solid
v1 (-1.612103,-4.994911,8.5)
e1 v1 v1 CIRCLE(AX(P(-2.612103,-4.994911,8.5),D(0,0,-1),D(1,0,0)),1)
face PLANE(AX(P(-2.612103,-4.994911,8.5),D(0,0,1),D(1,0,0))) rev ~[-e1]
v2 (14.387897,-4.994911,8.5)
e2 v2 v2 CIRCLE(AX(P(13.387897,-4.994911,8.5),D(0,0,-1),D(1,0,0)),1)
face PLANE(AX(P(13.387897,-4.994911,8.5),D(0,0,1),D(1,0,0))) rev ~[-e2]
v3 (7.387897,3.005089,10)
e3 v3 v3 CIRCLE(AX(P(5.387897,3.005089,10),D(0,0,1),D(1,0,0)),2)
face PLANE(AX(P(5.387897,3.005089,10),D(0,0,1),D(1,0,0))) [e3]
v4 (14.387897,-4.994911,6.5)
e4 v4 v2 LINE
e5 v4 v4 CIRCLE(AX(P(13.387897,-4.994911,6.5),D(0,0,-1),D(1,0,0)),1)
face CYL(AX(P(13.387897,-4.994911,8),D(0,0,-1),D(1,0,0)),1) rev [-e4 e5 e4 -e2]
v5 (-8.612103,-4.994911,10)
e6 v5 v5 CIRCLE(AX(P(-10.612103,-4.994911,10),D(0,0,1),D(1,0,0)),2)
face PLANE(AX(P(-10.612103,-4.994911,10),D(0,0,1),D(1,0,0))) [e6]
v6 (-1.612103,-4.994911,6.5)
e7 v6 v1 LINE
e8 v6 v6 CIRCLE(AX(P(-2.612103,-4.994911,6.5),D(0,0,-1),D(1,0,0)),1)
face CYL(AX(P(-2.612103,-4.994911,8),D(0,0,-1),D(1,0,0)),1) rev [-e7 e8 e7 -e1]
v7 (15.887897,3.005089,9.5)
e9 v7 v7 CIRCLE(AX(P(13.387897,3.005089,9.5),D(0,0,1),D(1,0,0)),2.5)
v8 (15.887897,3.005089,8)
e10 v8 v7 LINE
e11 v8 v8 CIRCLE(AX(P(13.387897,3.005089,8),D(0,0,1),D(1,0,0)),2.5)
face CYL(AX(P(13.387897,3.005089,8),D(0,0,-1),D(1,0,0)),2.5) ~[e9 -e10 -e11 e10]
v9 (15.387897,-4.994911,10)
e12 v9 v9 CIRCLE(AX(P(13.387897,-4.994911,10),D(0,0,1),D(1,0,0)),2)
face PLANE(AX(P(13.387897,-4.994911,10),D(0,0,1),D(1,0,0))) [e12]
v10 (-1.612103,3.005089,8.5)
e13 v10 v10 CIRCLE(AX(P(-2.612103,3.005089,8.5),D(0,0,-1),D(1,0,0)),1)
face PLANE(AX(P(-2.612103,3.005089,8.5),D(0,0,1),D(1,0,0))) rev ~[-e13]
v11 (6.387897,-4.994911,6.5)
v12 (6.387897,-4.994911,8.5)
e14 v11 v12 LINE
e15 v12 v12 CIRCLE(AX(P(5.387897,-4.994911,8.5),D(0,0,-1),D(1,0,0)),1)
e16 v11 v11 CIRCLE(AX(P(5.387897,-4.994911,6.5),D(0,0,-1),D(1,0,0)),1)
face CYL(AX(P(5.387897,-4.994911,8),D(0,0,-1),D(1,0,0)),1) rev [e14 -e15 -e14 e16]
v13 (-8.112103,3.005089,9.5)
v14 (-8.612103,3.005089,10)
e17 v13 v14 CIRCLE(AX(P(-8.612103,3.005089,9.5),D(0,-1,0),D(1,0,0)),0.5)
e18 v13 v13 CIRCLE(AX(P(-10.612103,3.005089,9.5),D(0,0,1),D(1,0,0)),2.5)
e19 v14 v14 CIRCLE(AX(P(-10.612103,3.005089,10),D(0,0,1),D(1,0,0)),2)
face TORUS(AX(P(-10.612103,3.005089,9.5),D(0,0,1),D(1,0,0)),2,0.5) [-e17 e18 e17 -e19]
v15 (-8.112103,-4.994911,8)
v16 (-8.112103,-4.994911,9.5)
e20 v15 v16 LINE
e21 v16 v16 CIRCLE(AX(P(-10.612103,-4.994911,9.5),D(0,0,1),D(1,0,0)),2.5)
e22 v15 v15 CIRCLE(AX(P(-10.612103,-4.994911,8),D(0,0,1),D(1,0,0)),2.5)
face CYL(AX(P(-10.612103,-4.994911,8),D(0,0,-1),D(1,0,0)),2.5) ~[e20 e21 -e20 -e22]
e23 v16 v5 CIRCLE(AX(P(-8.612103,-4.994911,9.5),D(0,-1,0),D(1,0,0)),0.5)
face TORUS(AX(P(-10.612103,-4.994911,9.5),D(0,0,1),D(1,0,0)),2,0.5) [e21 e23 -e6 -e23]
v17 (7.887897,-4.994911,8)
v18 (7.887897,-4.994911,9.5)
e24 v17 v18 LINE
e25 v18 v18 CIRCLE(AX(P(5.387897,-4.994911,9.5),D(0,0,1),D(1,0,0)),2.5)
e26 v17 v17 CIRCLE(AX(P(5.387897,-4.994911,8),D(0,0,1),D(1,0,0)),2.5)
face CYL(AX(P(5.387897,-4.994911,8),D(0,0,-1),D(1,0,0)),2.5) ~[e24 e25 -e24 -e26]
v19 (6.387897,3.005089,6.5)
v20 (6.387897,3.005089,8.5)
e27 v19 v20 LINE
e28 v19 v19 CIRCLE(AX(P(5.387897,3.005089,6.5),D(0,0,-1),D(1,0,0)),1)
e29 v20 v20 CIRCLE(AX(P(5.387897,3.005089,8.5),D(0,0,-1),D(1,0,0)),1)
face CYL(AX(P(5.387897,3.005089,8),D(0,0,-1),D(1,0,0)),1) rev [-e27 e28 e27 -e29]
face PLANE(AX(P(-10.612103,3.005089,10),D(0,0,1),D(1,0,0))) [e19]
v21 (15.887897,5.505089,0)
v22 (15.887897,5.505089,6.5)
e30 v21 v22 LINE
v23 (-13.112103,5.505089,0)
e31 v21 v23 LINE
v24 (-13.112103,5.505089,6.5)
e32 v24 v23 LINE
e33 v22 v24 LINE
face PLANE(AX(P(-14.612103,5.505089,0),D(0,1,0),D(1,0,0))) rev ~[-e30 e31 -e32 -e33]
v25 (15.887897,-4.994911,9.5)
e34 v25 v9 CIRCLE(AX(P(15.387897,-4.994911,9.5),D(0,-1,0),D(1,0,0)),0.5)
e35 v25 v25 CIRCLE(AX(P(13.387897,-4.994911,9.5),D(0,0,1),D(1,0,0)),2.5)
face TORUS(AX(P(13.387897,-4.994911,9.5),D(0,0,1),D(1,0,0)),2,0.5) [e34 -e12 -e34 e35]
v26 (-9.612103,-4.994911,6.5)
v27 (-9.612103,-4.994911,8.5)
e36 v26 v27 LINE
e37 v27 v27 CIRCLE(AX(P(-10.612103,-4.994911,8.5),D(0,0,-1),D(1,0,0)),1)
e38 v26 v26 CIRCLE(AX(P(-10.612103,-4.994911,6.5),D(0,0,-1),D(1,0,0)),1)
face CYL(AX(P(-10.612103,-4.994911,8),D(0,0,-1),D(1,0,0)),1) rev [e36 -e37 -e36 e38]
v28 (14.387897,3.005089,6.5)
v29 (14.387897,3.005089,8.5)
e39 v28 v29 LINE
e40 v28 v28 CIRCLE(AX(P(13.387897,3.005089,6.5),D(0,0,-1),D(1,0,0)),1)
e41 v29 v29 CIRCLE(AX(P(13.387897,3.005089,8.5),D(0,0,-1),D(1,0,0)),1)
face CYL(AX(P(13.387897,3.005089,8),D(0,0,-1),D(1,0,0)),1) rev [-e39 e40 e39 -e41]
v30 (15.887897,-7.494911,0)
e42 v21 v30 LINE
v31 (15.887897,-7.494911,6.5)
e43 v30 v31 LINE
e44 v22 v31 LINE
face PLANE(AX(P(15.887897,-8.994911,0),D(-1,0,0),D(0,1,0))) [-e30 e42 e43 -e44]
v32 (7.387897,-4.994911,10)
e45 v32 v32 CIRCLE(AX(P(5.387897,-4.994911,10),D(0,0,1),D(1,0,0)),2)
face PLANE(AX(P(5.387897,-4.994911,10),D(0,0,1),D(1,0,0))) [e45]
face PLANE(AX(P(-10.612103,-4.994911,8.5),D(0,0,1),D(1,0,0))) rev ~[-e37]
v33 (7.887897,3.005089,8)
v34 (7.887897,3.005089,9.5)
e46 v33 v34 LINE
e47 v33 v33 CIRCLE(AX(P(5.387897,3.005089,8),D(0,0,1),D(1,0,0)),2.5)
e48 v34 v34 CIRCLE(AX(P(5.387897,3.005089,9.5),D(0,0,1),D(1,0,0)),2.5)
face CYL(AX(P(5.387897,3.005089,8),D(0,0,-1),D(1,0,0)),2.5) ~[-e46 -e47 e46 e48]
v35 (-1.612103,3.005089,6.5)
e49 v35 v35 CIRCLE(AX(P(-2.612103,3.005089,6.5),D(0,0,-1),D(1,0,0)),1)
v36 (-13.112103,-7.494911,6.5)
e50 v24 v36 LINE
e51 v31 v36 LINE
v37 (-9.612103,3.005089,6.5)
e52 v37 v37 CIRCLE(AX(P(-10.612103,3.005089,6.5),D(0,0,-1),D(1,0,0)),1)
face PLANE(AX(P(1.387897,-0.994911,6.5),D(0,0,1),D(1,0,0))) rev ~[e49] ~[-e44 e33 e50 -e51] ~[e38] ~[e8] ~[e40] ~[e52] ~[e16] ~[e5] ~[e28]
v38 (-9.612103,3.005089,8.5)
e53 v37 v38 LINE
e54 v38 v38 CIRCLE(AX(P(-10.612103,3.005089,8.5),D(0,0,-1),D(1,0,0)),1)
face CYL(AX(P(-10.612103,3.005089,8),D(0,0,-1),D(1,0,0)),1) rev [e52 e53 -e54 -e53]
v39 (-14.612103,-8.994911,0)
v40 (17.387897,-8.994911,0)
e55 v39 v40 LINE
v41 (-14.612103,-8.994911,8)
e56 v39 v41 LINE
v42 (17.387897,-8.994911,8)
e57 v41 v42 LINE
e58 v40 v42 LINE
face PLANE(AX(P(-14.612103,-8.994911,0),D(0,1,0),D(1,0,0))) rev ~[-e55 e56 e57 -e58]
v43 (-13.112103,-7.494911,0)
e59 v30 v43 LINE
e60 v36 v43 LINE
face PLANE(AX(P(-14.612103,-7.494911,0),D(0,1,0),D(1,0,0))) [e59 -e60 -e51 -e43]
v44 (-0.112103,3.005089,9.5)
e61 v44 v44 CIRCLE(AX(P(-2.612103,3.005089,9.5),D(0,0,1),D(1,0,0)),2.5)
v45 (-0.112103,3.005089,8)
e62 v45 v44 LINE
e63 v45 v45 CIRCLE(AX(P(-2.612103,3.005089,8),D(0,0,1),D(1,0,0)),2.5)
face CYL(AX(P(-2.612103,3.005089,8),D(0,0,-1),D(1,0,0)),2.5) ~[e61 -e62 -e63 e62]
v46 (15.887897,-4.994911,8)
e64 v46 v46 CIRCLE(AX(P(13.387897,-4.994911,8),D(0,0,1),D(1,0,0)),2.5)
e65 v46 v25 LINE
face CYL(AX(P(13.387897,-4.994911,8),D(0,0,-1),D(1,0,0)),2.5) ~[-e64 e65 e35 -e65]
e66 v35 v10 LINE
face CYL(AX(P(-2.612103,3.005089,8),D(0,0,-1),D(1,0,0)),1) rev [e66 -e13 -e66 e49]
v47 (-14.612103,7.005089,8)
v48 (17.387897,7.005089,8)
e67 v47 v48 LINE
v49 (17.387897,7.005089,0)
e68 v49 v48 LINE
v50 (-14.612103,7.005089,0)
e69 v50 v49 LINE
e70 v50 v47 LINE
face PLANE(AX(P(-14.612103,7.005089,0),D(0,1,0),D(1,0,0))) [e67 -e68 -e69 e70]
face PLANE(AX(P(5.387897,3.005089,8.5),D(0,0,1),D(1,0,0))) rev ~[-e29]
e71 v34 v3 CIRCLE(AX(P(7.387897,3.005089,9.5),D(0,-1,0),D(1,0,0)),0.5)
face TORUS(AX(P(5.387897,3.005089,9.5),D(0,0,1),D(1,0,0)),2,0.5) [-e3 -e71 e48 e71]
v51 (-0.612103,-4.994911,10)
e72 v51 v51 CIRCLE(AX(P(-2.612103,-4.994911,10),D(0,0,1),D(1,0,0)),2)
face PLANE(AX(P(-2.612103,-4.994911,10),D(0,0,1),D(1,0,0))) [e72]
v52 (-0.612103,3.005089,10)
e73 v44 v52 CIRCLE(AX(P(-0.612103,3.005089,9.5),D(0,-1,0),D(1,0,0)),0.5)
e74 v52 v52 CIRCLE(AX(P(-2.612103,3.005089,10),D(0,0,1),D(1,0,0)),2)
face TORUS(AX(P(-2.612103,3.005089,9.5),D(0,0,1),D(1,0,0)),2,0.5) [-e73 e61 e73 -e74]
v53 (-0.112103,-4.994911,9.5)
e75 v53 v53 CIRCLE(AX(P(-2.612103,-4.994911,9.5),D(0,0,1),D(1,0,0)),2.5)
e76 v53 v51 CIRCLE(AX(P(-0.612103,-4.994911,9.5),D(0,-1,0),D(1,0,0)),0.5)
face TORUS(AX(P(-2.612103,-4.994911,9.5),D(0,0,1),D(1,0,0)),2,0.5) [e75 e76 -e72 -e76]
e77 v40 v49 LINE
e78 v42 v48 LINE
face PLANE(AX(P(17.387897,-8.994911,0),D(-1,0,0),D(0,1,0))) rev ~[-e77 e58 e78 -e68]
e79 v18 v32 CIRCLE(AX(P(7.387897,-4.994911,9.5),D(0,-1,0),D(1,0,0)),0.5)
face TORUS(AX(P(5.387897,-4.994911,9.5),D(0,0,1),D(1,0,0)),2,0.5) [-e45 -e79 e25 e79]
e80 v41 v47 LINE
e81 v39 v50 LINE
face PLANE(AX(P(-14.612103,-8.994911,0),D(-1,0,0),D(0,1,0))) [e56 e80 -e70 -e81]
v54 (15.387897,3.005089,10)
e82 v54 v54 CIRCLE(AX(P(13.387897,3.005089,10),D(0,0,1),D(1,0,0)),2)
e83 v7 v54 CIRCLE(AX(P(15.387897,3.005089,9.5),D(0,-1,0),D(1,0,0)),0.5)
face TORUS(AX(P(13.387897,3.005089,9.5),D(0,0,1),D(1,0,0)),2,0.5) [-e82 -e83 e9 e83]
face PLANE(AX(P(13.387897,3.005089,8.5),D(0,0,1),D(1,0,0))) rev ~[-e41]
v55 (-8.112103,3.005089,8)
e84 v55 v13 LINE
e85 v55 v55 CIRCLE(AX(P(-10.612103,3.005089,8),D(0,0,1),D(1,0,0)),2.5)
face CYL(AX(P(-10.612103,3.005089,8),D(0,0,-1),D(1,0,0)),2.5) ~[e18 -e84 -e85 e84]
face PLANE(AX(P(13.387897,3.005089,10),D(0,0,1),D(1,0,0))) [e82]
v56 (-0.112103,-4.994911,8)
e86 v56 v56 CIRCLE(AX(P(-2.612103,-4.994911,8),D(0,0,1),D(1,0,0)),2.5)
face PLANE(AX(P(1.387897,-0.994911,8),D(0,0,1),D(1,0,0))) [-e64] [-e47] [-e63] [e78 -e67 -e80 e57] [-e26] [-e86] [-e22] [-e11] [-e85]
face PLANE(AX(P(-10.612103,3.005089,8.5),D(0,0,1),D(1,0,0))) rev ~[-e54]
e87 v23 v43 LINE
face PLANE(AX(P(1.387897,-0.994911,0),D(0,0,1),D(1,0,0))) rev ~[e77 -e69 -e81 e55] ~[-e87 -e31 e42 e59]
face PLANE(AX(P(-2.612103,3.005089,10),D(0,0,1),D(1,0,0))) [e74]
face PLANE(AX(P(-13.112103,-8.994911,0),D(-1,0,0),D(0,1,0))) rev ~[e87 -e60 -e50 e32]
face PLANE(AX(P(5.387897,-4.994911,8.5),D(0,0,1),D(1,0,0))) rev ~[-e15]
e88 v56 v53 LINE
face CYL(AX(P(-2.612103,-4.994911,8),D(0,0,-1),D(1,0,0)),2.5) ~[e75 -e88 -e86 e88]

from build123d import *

# Parameters (mm, degrees)
F1_W     = 32
F1_H     = 16
F2_DEPTH = 8
F3_R     = 2.5
F4_DEPTH = 2
F5_R     = 0.5
F6_T     = -1.5


with BuildPart() as f2:
    # F1 (on Top) → F2 (new body)
    with BuildSketch(Plane.XY):
        with Locations((1.3878969476, -0.9949109302)):
            Rectangle(F1_W, F1_H)
    extrude(amount=F2_DEPTH)

    # F3 (on offset) → F4 (join)
    with BuildSketch(Plane.XY.offset(8)):
        with Locations((-10.6121030524, 3.0050890698)):
            Circle(F3_R)
        with Locations((-2.6121030524, 3.0050890698)):
            Circle(F3_R)
        with Locations((5.3878969476, 3.0050890698)):
            Circle(F3_R)
        with Locations((13.3878969476, 3.0050890698)):
            Circle(F3_R)
        with Locations((13.3878969476, -4.9949109302)):
            Circle(F3_R)
        with Locations((5.3878969476, -4.9949109302)):
            Circle(F3_R)
        with Locations((-2.6121030524, -4.9949109302)):
            Circle(F3_R)
        with Locations((-10.6121030524, -4.9949109302)):
            Circle(F3_R)
    extrude(amount=F4_DEPTH)

    # F5
    f5_edges = [f2.edges().sort_by_distance(p)[0] for p in [
        (-13.112103, 3.005089, 10),
        (-13.112103, -4.994911, 10),
        (-5.112103, 3.005089, 10),
        (-5.112103, -4.994911, 10),
        (2.887897, 3.005089, 10),
        (2.887897, -4.994911, 10),
        (10.887897, 3.005089, 10),
        (10.887897, -4.994911, 10),
    ]]
    fillet(f5_edges, radius=F5_R)

    # F6
    f6_openings = [f2.faces().sort_by_distance(p)[0] for p in [
        (1.387897, -0.994911, 0),
    ]]
    offset(amount=F6_T, openings=f6_openings, kind=Kind.INTERSECTION)


solid = f2.part
